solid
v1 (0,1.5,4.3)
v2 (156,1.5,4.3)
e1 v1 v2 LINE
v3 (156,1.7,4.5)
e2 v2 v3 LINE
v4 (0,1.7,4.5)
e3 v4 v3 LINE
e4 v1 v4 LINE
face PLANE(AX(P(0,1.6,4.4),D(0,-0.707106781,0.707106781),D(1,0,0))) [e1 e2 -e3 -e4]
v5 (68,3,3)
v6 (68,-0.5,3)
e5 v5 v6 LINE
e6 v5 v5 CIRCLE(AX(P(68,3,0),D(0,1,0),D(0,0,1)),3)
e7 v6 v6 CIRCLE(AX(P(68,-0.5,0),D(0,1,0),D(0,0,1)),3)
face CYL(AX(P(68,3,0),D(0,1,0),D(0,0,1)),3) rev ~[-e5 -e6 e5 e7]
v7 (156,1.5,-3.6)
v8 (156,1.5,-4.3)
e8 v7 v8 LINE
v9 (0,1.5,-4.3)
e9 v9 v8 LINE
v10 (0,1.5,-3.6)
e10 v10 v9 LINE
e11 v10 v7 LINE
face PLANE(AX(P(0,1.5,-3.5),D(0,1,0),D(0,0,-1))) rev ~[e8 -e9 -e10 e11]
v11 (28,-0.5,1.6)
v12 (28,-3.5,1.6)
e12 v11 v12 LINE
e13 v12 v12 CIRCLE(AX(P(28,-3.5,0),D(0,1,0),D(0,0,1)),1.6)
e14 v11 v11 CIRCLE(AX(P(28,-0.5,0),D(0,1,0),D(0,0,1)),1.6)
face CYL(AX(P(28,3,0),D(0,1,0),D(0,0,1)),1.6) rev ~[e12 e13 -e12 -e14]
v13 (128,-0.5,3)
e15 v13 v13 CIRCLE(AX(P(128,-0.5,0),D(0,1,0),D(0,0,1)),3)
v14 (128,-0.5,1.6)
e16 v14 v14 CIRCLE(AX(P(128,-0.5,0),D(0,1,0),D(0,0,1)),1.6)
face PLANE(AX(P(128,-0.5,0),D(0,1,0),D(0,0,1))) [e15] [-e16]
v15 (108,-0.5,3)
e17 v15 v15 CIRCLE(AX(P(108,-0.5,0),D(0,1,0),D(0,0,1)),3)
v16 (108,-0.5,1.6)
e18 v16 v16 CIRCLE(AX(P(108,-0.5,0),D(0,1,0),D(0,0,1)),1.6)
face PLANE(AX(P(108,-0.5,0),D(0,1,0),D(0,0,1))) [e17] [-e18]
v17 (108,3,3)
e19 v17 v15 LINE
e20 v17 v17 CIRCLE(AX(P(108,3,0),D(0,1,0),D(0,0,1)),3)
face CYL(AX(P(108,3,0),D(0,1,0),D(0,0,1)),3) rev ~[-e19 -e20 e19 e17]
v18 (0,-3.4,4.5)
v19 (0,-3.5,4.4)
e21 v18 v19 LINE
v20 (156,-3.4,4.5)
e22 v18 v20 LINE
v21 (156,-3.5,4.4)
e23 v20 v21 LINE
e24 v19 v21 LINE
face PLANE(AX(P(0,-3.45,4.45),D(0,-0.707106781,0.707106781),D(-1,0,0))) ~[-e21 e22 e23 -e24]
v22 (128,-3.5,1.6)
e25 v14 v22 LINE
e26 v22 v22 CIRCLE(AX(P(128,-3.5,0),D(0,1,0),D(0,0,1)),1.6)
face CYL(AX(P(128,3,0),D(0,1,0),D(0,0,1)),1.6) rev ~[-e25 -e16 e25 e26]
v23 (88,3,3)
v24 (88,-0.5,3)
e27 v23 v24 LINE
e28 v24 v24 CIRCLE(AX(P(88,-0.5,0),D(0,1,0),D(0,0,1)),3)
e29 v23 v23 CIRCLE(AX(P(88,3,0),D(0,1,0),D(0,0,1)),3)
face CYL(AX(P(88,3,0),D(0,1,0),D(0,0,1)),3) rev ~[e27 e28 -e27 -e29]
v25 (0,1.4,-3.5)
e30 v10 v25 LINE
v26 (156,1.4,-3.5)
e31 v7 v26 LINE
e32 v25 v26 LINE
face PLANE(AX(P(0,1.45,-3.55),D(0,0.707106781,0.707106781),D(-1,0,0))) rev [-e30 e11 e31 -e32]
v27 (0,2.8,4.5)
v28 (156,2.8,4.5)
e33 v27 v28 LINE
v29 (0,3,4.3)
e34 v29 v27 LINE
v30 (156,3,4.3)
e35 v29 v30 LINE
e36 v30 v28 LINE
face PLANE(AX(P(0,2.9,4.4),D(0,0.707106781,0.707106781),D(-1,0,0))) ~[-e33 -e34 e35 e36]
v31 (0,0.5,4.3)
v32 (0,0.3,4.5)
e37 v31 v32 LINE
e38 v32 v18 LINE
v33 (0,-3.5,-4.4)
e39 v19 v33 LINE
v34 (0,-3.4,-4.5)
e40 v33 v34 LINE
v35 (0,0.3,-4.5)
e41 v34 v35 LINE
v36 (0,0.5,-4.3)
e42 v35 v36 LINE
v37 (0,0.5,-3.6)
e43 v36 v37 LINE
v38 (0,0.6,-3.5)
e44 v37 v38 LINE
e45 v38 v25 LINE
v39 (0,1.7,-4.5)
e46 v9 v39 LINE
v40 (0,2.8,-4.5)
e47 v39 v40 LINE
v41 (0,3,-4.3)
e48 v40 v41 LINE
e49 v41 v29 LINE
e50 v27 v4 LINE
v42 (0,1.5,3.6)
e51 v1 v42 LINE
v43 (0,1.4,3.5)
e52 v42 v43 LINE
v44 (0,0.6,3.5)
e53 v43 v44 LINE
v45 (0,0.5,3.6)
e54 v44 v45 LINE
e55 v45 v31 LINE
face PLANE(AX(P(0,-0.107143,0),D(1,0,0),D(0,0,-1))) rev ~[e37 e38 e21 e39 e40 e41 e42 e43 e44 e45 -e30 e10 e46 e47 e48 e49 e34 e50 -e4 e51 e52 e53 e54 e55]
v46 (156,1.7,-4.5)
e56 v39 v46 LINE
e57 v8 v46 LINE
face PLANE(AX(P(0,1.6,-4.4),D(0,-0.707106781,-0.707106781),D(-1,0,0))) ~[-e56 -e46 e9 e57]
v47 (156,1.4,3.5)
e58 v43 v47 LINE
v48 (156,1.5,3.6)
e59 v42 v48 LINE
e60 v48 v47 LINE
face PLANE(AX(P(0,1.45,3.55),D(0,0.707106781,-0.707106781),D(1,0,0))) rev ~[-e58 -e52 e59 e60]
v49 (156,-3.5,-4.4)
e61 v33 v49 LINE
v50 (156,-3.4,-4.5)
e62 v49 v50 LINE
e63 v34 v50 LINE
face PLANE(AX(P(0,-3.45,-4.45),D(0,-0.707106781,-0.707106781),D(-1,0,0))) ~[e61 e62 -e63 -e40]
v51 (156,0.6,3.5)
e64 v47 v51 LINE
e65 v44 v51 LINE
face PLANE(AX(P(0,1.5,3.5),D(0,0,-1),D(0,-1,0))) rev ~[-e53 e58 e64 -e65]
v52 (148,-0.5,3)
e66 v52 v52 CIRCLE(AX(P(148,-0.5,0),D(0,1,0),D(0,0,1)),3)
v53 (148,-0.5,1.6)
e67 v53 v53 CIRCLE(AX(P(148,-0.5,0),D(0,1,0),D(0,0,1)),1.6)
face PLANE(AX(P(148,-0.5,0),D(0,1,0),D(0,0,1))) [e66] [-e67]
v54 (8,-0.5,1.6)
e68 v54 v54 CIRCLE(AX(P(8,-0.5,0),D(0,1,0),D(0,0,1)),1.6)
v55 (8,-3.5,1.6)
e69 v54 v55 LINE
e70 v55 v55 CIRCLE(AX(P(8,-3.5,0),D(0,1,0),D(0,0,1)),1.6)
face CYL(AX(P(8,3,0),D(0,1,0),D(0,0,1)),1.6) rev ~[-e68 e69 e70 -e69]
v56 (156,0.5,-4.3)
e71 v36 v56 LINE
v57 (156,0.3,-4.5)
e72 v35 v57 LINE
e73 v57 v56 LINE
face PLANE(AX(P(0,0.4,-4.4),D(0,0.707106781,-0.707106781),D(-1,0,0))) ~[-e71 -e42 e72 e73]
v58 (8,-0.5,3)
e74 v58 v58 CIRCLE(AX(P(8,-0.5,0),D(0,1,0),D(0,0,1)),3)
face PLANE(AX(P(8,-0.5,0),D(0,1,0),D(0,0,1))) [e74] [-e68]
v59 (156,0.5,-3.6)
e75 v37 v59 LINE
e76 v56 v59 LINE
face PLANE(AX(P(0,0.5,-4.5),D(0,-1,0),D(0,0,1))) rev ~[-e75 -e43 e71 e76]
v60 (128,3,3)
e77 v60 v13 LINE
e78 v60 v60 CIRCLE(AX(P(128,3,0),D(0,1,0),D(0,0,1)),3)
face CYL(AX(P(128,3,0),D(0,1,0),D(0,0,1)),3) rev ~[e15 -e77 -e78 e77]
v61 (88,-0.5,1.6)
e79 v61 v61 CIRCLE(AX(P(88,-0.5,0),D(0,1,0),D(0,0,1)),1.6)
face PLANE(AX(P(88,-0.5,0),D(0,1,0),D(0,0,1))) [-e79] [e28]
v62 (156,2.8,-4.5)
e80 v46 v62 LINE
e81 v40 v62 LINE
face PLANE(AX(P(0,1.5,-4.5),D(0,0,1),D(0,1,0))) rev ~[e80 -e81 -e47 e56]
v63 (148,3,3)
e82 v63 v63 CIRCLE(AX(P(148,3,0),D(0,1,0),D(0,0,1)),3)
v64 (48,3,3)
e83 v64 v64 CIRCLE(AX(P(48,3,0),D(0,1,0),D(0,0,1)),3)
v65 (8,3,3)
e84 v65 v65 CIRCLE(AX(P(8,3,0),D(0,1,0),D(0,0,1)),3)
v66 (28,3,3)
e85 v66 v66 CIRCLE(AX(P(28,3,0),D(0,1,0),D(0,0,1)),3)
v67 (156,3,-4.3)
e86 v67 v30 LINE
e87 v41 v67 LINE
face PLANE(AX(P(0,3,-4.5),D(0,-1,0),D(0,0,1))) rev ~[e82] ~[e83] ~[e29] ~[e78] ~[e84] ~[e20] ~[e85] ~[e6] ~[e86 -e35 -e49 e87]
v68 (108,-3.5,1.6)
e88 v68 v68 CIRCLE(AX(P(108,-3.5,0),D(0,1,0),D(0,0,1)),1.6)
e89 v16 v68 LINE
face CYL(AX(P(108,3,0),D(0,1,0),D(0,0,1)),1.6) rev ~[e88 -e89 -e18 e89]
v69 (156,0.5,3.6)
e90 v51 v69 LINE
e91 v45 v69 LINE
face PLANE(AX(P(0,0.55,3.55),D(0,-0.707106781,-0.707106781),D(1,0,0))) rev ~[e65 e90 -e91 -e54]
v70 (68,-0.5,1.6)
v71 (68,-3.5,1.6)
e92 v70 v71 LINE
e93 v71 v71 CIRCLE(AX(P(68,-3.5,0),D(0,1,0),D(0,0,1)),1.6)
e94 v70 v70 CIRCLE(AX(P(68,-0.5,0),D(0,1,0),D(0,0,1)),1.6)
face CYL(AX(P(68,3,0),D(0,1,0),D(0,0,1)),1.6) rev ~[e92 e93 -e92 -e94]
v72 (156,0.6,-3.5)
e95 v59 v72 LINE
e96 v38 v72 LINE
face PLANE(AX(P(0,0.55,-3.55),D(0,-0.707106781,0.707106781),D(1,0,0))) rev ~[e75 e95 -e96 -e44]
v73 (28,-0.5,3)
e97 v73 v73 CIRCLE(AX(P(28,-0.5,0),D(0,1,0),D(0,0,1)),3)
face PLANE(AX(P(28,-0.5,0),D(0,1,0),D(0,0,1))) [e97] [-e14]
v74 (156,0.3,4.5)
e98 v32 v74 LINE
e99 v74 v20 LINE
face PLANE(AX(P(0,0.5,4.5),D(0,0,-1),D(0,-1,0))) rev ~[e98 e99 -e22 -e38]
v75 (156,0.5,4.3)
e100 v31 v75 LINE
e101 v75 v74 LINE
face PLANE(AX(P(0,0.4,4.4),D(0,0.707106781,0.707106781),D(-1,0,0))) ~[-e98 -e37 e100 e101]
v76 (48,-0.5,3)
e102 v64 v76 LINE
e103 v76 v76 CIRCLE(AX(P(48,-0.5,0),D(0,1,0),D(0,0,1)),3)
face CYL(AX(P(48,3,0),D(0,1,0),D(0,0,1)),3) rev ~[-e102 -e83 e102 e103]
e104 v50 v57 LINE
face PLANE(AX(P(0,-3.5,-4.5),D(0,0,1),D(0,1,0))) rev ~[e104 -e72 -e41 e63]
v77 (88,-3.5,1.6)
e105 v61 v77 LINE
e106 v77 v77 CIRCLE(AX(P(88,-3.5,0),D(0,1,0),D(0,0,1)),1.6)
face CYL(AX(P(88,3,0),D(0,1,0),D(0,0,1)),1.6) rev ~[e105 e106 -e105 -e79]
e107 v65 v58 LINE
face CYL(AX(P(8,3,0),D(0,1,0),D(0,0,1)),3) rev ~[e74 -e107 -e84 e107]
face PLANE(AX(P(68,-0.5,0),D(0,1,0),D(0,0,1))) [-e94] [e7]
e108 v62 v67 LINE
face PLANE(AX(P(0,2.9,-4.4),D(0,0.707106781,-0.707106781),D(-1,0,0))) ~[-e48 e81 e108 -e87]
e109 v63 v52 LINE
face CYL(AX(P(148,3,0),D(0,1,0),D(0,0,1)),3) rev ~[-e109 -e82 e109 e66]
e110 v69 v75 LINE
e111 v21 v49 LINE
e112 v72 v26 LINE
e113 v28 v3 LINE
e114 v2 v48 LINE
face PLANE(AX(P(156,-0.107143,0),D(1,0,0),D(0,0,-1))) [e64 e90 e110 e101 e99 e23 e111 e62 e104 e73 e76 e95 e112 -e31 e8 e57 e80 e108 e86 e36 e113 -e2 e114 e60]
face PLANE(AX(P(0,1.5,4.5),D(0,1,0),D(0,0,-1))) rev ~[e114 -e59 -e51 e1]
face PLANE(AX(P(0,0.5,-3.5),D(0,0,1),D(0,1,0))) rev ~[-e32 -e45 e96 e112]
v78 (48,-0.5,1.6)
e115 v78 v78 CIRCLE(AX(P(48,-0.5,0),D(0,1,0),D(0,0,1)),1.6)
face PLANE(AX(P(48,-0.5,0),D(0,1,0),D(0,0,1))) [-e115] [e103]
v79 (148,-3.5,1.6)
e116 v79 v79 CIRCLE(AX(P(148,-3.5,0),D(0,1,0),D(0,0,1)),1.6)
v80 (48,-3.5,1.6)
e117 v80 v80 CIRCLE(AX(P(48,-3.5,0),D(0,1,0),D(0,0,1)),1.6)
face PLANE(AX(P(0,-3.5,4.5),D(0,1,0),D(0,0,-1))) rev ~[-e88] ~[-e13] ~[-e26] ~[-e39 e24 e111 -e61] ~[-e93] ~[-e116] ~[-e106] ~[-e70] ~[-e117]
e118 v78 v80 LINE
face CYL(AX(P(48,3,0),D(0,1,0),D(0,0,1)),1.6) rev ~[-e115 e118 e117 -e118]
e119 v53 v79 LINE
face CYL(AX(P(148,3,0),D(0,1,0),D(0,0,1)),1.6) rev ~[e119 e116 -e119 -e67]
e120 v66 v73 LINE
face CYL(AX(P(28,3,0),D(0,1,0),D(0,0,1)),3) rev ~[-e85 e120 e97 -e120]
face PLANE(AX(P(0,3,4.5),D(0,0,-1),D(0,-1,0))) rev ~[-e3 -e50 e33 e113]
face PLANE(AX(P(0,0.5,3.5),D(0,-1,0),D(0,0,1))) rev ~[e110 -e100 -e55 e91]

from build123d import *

# Parameters (mm, degrees)
EXTRUDE_1_DEPTH     = 156
CHAMFER_1_SIZE      = 0.2
CHAMFER_2_SIZE      = 0.1
SKETCH_2_R          = 1.6
CUT_EXTRUDE_1_DEPTH = 6.5
SKETCH_3_R          = 3
CUT_EXTRUDE_2_DEPTH = 3.5


with BuildPart() as part:
    # 草图1 → 凸台-拉伸1 (new body)
    with BuildSketch(Plane(origin=(0, 0, 0), x_dir=(0, 0, -1), z_dir=(1, 0, 0))):
        Polygon((-4.5, 1.5), (-3.5, 1.5), (-3.5, 0.5), (-4.5, 0.5), (-4.5, -3.5), (4.5, -3.5), (4.5, 0.5), (3.5, 0.5), (3.5, 1.5), (4.5, 1.5), (4.5, 3), (-4.5, 3), align=None)
    extrude(amount=EXTRUDE_1_DEPTH)

    # 倒角1
    chamfer_1_edges = [part.edges().sort_by_distance(p)[0] for p in [
        (78, 1.5, -4.5),
        (78, 0.5, -4.5),
        (78, 0.5, 4.5),
        (78, 1.5, 4.5),
        (78, 3, 4.5),
        (78, 3, -4.5),
    ]]
    chamfer(chamfer_1_edges, length=CHAMFER_1_SIZE)

    # 倒角2
    chamfer_2_edges = [part.edges().sort_by_distance(p)[0] for p in [
        (78, 1.5, -3.5),
        (78, 0.5, -3.5),
        (78, -3.5, -4.5),
        (78, -3.5, 4.5),
        (78, 0.5, 3.5),
        (78, 1.5, 3.5),
    ]]
    chamfer(chamfer_2_edges, length=CHAMFER_2_SIZE)

    # 草图2 → 切除-拉伸1 (cut)
    with BuildSketch(Plane(origin=(0, 3, 0), x_dir=(1, 0, 0), z_dir=(0, 1, 0))):
        with Locations(Location((8, 0, 0), (0, 0, 270))):
            Circle(SKETCH_2_R)
        with Locations(Location((28, 0, 0), (0, 0, 270))):
            Circle(SKETCH_2_R)
        with Locations(Location((48, 0, 0), (0, 0, 270))):
            Circle(SKETCH_2_R)
        with Locations(Location((68, 0, 0), (0, 0, 270))):
            Circle(SKETCH_2_R)
        with Locations(Location((88, 0, 0), (0, 0, 270))):
            Circle(SKETCH_2_R)
        with Locations(Location((108, 0, 0), (0, 0, 270))):
            Circle(SKETCH_2_R)
        with Locations(Location((128, 0, 0), (0, 0, 270))):
            Circle(SKETCH_2_R)
        with Locations(Location((148, 0, 0), (0, 0, 270))):
            Circle(SKETCH_2_R)
    extrude(amount=-CUT_EXTRUDE_1_DEPTH, mode=Mode.SUBTRACT)

    # 草图3 → 切除-拉伸2 (cut)
    with BuildSketch(Plane(origin=(0, 3, 0), x_dir=(1, 0, 0), z_dir=(0, 1, 0))):
        with Locations(Location((8, 0, 0), (0, 0, 270))):
            Circle(SKETCH_3_R)
        with Locations(Location((28, 0, 0), (0, 0, 270))):
            Circle(SKETCH_3_R)
        with Locations(Location((48, 0, 0), (0, 0, 270))):
            Circle(SKETCH_3_R)
        with Locations(Location((68, 0, 0), (0, 0, 270))):
            Circle(SKETCH_3_R)
        with Locations(Location((88, 0, 0), (0, 0, 270))):
            Circle(SKETCH_3_R)
        with Locations(Location((108, 0, 0), (0, 0, 270))):
            Circle(SKETCH_3_R)
        with Locations(Location((128, 0, 0), (0, 0, 270))):
            Circle(SKETCH_3_R)
        with Locations(Location((148, 0, 0), (0, 0, 270))):
            Circle(SKETCH_3_R)
    extrude(amount=-CUT_EXTRUDE_2_DEPTH, mode=Mode.SUBTRACT)


solid = part.part
